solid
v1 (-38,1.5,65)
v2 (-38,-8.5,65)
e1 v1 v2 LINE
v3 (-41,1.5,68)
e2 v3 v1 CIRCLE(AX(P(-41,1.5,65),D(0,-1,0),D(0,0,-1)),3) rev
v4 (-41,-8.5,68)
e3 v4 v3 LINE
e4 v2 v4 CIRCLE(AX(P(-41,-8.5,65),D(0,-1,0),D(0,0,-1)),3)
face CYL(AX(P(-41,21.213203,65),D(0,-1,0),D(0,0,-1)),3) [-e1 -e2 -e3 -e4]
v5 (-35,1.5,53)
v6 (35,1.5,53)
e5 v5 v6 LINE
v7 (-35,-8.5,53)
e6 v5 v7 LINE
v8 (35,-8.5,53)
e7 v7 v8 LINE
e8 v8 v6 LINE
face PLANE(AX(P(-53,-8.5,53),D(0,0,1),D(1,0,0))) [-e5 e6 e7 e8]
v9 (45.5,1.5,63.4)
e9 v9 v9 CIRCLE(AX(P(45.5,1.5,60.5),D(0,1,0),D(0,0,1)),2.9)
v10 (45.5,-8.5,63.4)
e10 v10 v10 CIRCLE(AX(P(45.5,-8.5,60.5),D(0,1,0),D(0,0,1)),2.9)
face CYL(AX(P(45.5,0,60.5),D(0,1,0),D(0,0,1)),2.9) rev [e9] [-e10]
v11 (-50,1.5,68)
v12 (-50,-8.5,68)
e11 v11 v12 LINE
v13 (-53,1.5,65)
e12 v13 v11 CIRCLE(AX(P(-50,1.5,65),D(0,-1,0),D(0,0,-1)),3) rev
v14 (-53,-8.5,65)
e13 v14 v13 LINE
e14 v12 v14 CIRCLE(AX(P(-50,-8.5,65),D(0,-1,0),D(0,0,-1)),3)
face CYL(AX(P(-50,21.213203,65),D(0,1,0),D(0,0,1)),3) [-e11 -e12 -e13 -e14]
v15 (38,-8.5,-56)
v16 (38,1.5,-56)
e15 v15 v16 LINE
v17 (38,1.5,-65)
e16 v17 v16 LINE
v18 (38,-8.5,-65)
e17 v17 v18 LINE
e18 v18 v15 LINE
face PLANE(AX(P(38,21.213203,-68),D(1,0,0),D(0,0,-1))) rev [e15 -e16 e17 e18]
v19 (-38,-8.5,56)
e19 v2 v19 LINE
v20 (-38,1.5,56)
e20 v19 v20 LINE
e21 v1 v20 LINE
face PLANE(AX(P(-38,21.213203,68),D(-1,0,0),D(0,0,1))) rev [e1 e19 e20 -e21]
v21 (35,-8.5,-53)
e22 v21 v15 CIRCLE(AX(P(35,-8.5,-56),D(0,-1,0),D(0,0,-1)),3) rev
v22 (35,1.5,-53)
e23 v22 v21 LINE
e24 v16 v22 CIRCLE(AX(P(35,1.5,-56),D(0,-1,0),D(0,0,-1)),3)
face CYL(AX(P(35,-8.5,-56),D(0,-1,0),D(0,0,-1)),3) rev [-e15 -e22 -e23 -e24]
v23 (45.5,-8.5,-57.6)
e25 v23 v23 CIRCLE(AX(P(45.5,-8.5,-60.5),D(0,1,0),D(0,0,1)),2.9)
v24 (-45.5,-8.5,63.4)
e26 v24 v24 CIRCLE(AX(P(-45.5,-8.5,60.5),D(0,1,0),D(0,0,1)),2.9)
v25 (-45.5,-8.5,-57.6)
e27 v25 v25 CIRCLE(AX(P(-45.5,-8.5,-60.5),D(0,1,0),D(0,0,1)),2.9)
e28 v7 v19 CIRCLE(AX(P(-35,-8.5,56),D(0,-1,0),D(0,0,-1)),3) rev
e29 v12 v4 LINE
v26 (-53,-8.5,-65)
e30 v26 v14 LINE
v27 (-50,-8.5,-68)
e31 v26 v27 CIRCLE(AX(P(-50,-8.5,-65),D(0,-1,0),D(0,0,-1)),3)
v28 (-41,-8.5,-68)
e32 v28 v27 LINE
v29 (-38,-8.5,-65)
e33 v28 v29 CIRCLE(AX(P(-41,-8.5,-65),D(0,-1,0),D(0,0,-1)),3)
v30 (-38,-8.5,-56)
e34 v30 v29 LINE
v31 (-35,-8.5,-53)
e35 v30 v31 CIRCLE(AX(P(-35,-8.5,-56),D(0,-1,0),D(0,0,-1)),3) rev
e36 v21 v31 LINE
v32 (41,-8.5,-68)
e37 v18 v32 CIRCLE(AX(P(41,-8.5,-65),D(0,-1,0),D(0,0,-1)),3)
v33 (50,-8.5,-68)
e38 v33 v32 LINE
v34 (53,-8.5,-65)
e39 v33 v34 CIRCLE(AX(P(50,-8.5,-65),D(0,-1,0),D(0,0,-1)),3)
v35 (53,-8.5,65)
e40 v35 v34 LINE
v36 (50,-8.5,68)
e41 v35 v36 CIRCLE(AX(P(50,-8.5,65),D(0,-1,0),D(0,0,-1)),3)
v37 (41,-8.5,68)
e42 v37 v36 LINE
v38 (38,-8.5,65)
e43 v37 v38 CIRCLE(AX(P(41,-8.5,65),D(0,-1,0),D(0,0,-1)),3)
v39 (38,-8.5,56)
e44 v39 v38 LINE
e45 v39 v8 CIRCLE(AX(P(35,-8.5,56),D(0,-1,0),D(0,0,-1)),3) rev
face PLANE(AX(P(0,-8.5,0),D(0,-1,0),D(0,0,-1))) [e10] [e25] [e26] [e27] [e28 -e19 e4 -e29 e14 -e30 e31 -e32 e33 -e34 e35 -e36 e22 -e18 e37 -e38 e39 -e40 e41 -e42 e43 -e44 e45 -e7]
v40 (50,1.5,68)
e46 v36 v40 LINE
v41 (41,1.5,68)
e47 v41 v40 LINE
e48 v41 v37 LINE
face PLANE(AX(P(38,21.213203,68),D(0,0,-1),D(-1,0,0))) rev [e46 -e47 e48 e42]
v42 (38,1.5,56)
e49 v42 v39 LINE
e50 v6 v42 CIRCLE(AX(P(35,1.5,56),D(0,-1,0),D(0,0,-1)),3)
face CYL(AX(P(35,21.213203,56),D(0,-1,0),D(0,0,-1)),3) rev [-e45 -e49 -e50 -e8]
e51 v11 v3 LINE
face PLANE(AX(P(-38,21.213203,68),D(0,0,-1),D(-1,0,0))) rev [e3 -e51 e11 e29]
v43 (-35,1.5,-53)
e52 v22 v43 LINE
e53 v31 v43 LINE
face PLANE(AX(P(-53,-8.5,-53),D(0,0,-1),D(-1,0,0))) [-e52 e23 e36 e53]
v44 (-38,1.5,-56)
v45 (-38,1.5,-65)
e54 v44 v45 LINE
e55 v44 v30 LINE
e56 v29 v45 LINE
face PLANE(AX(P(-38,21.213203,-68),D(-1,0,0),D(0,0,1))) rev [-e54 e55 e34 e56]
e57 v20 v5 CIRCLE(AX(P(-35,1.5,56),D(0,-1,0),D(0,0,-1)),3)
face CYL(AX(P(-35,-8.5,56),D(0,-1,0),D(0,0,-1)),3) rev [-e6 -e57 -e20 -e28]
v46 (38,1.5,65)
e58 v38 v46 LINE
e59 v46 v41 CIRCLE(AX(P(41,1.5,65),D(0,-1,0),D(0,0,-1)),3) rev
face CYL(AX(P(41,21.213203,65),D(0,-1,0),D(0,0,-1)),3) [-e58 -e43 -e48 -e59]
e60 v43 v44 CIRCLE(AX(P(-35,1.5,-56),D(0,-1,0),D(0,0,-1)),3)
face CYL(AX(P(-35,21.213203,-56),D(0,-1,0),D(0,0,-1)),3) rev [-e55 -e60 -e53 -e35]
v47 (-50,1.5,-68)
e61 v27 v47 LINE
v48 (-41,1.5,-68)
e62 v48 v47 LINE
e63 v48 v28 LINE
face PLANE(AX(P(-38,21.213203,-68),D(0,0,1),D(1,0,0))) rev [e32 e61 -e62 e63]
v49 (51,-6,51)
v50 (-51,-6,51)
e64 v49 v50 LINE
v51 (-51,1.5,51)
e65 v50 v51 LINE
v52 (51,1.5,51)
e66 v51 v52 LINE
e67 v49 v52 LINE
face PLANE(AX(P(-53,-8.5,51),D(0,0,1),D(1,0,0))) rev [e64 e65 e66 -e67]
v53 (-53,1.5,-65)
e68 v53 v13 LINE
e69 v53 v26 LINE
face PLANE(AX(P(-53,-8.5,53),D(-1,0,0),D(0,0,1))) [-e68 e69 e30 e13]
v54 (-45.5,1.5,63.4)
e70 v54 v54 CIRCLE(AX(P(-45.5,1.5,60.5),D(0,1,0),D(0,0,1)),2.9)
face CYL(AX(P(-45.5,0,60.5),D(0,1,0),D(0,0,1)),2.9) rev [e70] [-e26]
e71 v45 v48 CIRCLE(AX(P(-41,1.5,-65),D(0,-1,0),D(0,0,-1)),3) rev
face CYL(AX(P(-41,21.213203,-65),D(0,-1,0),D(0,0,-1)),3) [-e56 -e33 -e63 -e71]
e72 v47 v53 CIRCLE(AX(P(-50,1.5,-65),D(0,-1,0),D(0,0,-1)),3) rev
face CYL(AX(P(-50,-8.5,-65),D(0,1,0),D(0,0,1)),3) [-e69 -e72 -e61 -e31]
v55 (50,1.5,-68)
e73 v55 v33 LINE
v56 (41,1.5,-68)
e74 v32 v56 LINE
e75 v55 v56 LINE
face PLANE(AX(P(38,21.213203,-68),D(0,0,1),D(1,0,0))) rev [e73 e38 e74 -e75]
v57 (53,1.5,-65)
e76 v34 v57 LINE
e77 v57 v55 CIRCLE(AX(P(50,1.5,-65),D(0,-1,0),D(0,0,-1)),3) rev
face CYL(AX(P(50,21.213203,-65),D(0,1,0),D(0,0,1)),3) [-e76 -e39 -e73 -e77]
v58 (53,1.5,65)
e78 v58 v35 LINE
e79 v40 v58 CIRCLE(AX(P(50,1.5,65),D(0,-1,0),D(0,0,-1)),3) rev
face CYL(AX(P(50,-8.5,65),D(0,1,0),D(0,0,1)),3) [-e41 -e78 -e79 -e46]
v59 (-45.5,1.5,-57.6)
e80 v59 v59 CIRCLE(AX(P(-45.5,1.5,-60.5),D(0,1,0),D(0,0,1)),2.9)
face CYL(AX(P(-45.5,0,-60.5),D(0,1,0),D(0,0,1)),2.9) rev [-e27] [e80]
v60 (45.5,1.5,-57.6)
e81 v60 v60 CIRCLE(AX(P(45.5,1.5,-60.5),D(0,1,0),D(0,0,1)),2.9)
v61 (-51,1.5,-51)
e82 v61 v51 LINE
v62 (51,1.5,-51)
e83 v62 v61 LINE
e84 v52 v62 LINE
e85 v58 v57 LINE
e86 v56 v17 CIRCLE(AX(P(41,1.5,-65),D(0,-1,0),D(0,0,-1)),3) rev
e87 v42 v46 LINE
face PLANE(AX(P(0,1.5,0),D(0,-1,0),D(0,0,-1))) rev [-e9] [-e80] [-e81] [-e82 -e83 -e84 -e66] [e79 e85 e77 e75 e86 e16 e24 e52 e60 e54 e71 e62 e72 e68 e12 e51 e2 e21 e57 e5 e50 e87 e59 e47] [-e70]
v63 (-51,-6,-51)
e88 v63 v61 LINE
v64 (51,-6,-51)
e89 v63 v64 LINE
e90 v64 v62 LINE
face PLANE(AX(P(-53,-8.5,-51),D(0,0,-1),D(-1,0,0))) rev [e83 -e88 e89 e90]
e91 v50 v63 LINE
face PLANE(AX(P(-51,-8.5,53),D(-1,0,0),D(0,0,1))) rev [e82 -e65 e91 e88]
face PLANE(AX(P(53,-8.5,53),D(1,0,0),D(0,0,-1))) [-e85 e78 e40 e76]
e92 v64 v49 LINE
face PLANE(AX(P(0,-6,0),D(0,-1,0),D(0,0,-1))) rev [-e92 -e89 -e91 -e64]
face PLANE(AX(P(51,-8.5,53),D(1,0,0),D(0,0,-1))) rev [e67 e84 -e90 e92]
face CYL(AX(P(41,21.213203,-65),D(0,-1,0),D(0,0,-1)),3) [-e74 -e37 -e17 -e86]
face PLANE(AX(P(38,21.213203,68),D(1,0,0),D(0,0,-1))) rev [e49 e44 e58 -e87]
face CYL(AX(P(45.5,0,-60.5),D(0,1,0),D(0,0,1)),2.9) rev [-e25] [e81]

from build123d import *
from build123d.topology import SkipClean

# Parameters (mm, degrees)
SKETCH1_W            = 106
SKETCH1_H            = 106
BOSS_EXTRUDE1_DEPTH  = 8.5
SHELL1_T             = -2
BOSS_EXTRUDE2_START  = -2
SKETCH2_W            = 15
SKETCH2_H            = 15
BOSS_EXTRUDE2_DEPTH  = 8.5
M5_CLEARANCE_HOLE1_D = 5.8
SKETCH5_R            = 2.9
SKETCH5_W            = 102
SKETCH5_H            = 102
BOSS_EXTRUDE3_DEPTH  = 1.5
FILLET2_R            = 3
SKETCH6_W            = 102
SKETCH6_H            = 102
BOSS_EXTRUDE4_DEPTH  = 0.5


with BuildPart() as part:
    # Sketch1 → Boss-Extrude1 (new body)
    with BuildSketch(Plane(origin=(0, 0, 0), x_dir=(1, 0, 0), z_dir=(0, 1, 0))):
        Rectangle(SKETCH1_W, SKETCH1_H)
    extrude(amount=-BOSS_EXTRUDE1_DEPTH)

    # Shell1
    shell1_openings = [part.faces().sort_by_distance(p)[0] for p in [
        (0, 0, 0),
    ]]
    offset(amount=SHELL1_T, openings=shell1_openings, kind=Kind.INTERSECTION)

    # Sketch2 → Boss-Extrude2 (add)
    with BuildSketch(Plane(origin=(0, -6.5, 0), x_dir=(1, 0, 0), z_dir=(0, 1, 0)).offset(BOSS_EXTRUDE2_START)):
        with Locations((-45.5, 60.5)):
            Rectangle(SKETCH2_W, SKETCH2_H)
        with Locations((45.5, 60.5)):
            Rectangle(SKETCH2_W, SKETCH2_H)
        with Locations((45.5, -60.5)):
            Rectangle(SKETCH2_W, SKETCH2_H)
        with Locations((-45.5, -60.5)):
            Rectangle(SKETCH2_W, SKETCH2_H)
    extrude(amount=BOSS_EXTRUDE2_DEPTH)

    # M5 Clearance Hole1 (through all)
    with Locations(Plane(origin=(0, 0, 0), x_dir=(1, 0, 0), z_dir=(0, 1, 0))):
        with Locations((-45.5, -60.5), (-45.5, 60.5), (45.5, 60.5), (45.5, -60.5)):
            Hole(M5_CLEARANCE_HOLE1_D / 2)

    # Sketch5 → Boss-Extrude3 (add)
    with BuildSketch(Plane(origin=(0, 0, 0), x_dir=(1, 0, 0), z_dir=(0, 1, 0))):
        Polygon((53, -68), (53, 68), (38, 68), (38, 53), (-38, 53), (-38, 68), (-53, 68), (-53, -68), (-38, -68), (-38, -53), (38, -53), (38, -68), align=None)
        with Locations(Location((45.5, -60.5, 0), (0, 0, 270))):
            Circle(SKETCH5_R, mode=Mode.SUBTRACT)
        with Locations(Location((45.5, 60.5, 0), (0, 0, 270))):
            Circle(SKETCH5_R, mode=Mode.SUBTRACT)
        with Locations(Location((-45.5, 60.5, 0), (0, 0, 270))):
            Circle(SKETCH5_R, mode=Mode.SUBTRACT)
        with Locations(Location((-45.5, -60.5, 0), (0, 0, 270))):
            Circle(SKETCH5_R, mode=Mode.SUBTRACT)
        Rectangle(SKETCH5_W, SKETCH5_H, mode=Mode.SUBTRACT)
    extrude(amount=BOSS_EXTRUDE3_DEPTH)

    # Fillet2
    fillet2_edges = [part.edges().sort_by_distance(p)[0] for p in [
        (-53, -3.5, 68),
        (-38, -3.5, 53),
        (-38, -3.5, 68),
        (38, -3.5, 53),
        (53, -3.5, 68),
        (38, -3.5, 68),
        (53, -3.5, -68),
        (38, -3.5, -53),
        (38, -3.5, -68),
        (-53, -3.5, -68),
        (-38, -3.5, -68),
        (-38, -3.5, -53),
    ]]
    fillet(fillet2_edges, radius=FILLET2_R)

    # Sketch6 → Boss-Extrude4 (add)
    with SkipClean():  # the faces are left unmerged after this step: merging them gives an invalid solid
        with BuildSketch(Plane(origin=(0, -6.5, 0), x_dir=(1, 0, 0), z_dir=(0, 1, 0))):
            Rectangle(SKETCH6_W, SKETCH6_H)
        extrude(amount=BOSS_EXTRUDE4_DEPTH)


solid = part.part
